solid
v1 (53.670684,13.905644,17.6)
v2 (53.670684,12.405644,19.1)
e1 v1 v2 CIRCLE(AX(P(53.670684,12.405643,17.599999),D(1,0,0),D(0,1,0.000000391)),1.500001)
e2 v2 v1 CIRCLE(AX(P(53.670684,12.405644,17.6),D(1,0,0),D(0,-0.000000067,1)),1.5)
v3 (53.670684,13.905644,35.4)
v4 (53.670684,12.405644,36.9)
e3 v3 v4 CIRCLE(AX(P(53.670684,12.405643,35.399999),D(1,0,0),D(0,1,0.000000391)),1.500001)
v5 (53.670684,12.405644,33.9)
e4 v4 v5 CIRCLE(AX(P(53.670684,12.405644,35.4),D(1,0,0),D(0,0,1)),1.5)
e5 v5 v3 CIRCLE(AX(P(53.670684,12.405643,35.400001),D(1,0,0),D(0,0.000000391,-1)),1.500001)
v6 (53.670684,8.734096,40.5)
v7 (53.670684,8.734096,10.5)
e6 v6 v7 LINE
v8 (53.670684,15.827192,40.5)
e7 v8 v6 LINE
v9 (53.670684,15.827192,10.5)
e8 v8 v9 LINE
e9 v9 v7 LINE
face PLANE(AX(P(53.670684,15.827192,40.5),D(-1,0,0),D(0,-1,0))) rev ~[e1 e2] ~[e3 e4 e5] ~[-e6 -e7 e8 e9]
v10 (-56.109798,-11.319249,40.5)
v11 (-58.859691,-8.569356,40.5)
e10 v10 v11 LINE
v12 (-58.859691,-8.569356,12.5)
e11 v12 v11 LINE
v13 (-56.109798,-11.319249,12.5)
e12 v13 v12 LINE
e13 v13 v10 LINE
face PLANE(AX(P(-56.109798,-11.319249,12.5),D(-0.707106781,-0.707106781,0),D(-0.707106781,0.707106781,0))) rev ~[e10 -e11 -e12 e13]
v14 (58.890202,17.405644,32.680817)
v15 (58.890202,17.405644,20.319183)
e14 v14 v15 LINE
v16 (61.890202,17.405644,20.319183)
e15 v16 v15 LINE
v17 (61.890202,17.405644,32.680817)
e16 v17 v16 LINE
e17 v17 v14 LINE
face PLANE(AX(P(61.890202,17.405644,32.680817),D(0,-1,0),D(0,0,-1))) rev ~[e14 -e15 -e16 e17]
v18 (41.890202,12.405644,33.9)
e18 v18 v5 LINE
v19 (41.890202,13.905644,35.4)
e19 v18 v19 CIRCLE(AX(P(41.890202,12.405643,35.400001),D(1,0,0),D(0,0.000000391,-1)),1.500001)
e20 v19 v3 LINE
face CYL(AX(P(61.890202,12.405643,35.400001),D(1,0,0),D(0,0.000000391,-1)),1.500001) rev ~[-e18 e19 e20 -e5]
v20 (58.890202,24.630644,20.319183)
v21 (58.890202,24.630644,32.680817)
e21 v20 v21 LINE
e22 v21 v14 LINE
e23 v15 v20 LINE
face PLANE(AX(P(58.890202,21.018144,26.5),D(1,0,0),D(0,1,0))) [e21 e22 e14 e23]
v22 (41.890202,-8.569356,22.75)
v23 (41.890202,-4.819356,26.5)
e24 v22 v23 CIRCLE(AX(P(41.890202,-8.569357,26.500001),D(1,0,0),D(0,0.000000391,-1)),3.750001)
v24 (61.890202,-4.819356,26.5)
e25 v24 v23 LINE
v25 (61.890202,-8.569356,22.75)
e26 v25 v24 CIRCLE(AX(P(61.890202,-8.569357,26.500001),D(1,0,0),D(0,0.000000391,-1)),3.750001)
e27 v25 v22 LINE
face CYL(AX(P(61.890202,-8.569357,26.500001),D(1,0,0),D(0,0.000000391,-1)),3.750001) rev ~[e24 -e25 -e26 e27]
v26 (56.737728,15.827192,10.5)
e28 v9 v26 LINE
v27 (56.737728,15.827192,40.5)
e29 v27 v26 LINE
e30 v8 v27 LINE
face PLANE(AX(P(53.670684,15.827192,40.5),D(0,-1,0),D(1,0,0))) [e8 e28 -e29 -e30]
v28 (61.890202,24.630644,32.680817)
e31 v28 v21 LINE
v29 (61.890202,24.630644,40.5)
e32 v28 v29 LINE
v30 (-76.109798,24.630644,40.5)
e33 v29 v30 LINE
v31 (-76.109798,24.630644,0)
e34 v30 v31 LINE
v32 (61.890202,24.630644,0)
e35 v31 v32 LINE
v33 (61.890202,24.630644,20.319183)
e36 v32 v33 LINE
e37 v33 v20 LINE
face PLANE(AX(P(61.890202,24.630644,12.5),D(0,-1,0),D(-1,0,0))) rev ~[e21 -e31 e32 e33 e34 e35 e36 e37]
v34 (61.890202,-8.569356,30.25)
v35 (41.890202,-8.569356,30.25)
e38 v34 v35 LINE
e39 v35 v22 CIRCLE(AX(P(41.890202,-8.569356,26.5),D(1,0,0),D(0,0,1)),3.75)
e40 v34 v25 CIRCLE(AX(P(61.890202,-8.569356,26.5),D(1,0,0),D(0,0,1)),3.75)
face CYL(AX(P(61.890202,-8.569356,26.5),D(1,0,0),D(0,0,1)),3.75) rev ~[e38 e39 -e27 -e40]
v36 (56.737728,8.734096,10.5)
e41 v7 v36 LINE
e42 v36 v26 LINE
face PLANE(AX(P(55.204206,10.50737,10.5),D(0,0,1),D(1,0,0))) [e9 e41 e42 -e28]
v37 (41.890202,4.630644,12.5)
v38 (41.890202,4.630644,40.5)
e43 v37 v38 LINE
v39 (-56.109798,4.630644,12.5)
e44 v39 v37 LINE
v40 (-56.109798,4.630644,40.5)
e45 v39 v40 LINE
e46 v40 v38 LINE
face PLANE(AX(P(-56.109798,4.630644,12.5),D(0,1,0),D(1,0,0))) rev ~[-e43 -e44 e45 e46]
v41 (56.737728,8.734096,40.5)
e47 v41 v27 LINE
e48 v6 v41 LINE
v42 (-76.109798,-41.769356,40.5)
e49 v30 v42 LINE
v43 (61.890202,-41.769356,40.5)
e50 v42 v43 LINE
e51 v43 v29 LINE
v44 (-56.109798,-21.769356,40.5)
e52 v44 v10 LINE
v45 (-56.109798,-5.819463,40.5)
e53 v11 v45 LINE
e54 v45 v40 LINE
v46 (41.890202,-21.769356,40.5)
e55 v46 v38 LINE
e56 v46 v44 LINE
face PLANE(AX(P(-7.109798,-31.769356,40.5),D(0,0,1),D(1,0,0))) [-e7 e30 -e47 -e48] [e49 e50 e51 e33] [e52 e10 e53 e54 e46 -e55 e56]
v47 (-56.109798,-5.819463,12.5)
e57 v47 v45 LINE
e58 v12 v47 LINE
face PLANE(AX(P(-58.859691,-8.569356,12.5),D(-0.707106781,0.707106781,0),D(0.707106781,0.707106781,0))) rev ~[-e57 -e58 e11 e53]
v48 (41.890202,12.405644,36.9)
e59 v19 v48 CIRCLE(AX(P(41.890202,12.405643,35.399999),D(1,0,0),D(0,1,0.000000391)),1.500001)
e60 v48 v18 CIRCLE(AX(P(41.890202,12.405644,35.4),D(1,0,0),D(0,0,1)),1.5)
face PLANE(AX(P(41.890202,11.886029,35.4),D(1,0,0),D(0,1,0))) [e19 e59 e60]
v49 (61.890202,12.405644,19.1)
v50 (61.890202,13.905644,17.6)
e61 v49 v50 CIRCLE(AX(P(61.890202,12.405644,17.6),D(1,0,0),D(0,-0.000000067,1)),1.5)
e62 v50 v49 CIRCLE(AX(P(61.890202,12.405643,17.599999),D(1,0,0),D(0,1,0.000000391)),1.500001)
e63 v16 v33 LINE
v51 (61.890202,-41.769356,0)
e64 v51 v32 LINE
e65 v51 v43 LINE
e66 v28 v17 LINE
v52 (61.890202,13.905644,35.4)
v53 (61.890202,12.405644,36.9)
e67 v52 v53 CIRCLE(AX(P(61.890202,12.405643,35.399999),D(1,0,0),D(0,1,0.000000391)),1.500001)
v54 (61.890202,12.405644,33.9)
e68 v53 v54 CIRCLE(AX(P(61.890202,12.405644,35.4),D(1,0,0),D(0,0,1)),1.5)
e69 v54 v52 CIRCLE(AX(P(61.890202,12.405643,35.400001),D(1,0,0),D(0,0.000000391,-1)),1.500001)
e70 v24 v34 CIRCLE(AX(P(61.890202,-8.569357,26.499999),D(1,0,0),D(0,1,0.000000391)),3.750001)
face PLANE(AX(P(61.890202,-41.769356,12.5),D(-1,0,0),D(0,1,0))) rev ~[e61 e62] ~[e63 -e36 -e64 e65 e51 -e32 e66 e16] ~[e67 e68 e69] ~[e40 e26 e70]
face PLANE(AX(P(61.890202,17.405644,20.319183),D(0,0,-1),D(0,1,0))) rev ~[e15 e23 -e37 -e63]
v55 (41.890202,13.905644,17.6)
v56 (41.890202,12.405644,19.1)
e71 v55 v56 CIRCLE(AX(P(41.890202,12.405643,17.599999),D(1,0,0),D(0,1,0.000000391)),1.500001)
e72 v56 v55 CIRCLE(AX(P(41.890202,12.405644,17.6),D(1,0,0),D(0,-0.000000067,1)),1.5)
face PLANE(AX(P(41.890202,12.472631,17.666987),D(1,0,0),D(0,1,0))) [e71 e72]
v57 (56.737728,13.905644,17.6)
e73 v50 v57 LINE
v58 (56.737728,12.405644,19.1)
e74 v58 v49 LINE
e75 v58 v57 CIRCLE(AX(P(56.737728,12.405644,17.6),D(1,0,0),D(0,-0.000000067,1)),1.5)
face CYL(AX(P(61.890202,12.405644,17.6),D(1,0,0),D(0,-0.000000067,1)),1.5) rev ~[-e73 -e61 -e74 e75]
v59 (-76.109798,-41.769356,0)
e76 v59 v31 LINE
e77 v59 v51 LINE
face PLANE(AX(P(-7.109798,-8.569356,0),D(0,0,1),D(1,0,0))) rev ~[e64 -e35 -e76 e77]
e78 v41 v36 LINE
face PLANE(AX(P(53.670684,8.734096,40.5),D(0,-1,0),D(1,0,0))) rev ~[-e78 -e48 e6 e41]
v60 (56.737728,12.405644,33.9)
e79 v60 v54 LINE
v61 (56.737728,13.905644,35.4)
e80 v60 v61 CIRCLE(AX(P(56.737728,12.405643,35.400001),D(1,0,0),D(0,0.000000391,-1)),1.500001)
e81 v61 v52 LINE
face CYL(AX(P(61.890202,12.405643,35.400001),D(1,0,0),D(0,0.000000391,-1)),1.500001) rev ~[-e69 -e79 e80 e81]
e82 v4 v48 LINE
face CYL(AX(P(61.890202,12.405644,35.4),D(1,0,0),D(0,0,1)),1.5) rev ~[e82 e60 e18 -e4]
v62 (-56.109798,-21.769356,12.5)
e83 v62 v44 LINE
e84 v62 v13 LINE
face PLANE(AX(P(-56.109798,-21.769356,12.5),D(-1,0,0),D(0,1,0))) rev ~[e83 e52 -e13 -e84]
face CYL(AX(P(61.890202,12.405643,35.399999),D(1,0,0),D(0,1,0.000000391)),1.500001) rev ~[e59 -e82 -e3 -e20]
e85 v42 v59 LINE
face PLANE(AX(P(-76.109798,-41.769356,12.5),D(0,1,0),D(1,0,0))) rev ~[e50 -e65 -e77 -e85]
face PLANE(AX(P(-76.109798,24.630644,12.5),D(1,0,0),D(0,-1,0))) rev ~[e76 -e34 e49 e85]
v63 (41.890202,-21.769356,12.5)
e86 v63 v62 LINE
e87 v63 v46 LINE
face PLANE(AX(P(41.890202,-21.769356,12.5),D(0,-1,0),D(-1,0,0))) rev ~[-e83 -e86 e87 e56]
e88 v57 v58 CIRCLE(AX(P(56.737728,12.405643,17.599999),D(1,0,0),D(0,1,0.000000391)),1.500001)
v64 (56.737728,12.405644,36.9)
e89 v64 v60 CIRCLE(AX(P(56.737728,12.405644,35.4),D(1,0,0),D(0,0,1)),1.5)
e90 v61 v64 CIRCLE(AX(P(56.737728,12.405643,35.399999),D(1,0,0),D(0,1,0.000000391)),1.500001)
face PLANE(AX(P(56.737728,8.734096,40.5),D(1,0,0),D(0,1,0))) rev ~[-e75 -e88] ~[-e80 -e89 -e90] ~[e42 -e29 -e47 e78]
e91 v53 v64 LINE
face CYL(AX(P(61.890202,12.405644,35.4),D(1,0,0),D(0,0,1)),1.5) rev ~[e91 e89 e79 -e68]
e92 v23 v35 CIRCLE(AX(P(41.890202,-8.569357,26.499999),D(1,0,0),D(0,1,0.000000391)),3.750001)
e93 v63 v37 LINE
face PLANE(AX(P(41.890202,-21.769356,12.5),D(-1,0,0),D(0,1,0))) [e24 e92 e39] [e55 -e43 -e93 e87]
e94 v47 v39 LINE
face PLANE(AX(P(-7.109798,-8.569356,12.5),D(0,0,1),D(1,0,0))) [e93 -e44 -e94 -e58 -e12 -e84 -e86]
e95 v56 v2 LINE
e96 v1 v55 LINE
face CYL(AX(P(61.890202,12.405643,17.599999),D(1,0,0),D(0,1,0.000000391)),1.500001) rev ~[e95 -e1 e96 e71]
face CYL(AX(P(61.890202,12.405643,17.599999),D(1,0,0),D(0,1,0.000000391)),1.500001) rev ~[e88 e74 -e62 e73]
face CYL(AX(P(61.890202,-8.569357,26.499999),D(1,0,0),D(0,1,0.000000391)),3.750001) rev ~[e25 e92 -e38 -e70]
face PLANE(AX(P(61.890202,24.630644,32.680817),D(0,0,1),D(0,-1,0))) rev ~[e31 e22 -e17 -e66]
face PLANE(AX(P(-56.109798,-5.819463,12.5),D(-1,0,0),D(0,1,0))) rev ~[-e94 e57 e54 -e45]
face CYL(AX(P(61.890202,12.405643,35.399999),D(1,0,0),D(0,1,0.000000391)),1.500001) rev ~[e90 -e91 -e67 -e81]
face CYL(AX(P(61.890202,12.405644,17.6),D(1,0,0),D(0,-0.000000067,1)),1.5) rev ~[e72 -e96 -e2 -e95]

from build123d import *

# Parameters (mm, degrees)
F0_W      = 138
F0_H      = 66.4
F1_DEPTH  = 12.5
F2_W      = 20
F2_H      = 26.4
F3_DEPTH  = 28
F5_DEPTH  = 25
F7_DEPTH  = 3
F9_DEPTH  = 20
F10_DEPTH = 15
F8_W      = 3.067044
F8_H      = 3.546548
F11_DEPTH = 30


with BuildPart() as f1:
    # F0 (on Top) → F1 (new body)
    with BuildSketch(Plane.XY):
        with Locations((-7.109798, -8.569356)):
            Rectangle(F0_W, F0_H)
    extrude(amount=F1_DEPTH)

    # F2 (on face) → F3 (join)
    with BuildSketch(Plane.XY.offset(12.5)):
        Polygon((-76.109798, -21.769356), (-76.109798, -41.769356), (61.890202, -41.769356), (61.890202, -21.769356), (41.890202, -21.769356), (-56.109798, -21.769356), (-58.859691, -21.769356), align=None)
        Polygon((-76.109798, 4.630644), (-76.109798, -21.769356), (-58.859691, -21.769356), (-58.859691, -8.569356), (-58.859691, 4.630644), align=None)
        with Locations((51.890202, -8.569356)):
            Rectangle(F2_W, F2_H)
        Polygon((-76.109798, 24.630644), (-76.109798, 4.630644), (-58.859691, 4.630644), (-56.109798, 4.630644), (41.890202, 4.630644), (61.890202, 4.630644), (61.890202, 24.630644), align=None)
        Polygon((-58.859691, 4.630644), (-58.859691, -8.569356), (-56.109798, -5.819463), (-56.109798, 4.630644), align=None)
        Polygon((-58.859691, -8.569356), (-58.859691, -21.769356), (-56.109798, -21.769356), (-56.109798, -11.319249), align=None)
    extrude(amount=F3_DEPTH)

    # F4 (on face) → F5 (cut)
    with BuildSketch(Plane.YZ.offset(61.890202)):
        with BuildLine():
            ThreePointArc((-8.569356, 22.75), (-5.917706, 23.84835), (-4.819356, 26.5))
            ThreePointArc((-4.819356, 26.5), (-5.917706, 29.15165), (-8.569356, 30.25))
            Line((-8.569356, 30.25), (-8.569356, 22.75))
        make_face()
        with BuildLine():
            Line((-8.569356, 22.75), (-8.569356, 30.25))
            ThreePointArc((-8.569356, 30.25), (-12.319356, 26.5), (-8.569356, 22.75))
        make_face()
    extrude(amount=-F5_DEPTH, mode=Mode.SUBTRACT)

    # F6 (on face) → F7 (cut)
    with BuildSketch(Plane.YZ.offset(61.890202)):
        Polygon((17.405644, 32.680817), (17.405644, 26.5), (17.405644, 20.319183), (24.630644, 20.319183), (24.630644, 32.680817), align=None)
    extrude(amount=-F7_DEPTH, mode=Mode.SUBTRACT)

    # F6 (on face) → F9 (cut)
    with BuildSketch(Plane.YZ.offset(61.890202)):
        with BuildLine():
            ThreePointArc((13.905644, 17.6), (13.466304, 18.66066), (12.405644, 19.1))
            ThreePointArc((12.405644, 19.1), (11.344984, 16.53934), (13.905644, 17.6))
        make_face()
        with BuildLine():
            Line((12.405644, 35.4), (12.405644, 36.9))
            ThreePointArc((12.405644, 36.9), (10.905644, 35.4), (12.405644, 33.9))
            Line((12.405644, 33.9), (12.405644, 35.4))
        make_face()
        with BuildLine():
            ThreePointArc((12.405644, 33.9), (13.466304, 34.33934), (13.905644, 35.4))
            ThreePointArc((13.905644, 35.4), (13.466304, 36.46066), (12.405644, 36.9))
            Line((12.405644, 36.9), (12.405644, 35.4))
            Line((12.405644, 35.4), (12.405644, 33.9))
        make_face()
    extrude(amount=-F9_DEPTH, mode=Mode.SUBTRACT)

    # F6 (on face) → F10 (cut)
    with BuildSketch(Plane.YZ.offset(61.890202)):
        with BuildLine():
            ThreePointArc((12.405644, 33.9), (13.466304, 34.33934), (13.905644, 35.4))
            ThreePointArc((13.905644, 35.4), (13.466304, 36.46066), (12.405644, 36.9))
            Line((12.405644, 36.9), (12.405644, 35.4))
            Line((12.405644, 35.4), (12.405644, 33.9))
        make_face()
        with BuildLine():
            Line((12.405644, 35.4), (12.405644, 36.9))
            ThreePointArc((12.405644, 36.9), (10.905644, 35.4), (12.405644, 33.9))
            Line((12.405644, 33.9), (12.405644, 35.4))
        make_face()
        with BuildLine():
            ThreePointArc((13.905644, 17.6), (13.466304, 18.66066), (12.405644, 19.1))
            ThreePointArc((12.405644, 19.1), (11.344984, 16.53934), (13.905644, 17.6))
        make_face()
    extrude(amount=-F10_DEPTH, mode=Mode.SUBTRACT)

    # F8 (on face) → F11 (cut)
    with BuildSketch(Plane.XY.offset(40.5)):
        with Locations((55.204206, 10.50737)):
            Rectangle(F8_W, F8_H)
        with Locations((55.204206, 14.053918)):
            Rectangle(F8_W, F8_H)
    extrude(amount=-F11_DEPTH, mode=Mode.SUBTRACT)


solid = f1.part
